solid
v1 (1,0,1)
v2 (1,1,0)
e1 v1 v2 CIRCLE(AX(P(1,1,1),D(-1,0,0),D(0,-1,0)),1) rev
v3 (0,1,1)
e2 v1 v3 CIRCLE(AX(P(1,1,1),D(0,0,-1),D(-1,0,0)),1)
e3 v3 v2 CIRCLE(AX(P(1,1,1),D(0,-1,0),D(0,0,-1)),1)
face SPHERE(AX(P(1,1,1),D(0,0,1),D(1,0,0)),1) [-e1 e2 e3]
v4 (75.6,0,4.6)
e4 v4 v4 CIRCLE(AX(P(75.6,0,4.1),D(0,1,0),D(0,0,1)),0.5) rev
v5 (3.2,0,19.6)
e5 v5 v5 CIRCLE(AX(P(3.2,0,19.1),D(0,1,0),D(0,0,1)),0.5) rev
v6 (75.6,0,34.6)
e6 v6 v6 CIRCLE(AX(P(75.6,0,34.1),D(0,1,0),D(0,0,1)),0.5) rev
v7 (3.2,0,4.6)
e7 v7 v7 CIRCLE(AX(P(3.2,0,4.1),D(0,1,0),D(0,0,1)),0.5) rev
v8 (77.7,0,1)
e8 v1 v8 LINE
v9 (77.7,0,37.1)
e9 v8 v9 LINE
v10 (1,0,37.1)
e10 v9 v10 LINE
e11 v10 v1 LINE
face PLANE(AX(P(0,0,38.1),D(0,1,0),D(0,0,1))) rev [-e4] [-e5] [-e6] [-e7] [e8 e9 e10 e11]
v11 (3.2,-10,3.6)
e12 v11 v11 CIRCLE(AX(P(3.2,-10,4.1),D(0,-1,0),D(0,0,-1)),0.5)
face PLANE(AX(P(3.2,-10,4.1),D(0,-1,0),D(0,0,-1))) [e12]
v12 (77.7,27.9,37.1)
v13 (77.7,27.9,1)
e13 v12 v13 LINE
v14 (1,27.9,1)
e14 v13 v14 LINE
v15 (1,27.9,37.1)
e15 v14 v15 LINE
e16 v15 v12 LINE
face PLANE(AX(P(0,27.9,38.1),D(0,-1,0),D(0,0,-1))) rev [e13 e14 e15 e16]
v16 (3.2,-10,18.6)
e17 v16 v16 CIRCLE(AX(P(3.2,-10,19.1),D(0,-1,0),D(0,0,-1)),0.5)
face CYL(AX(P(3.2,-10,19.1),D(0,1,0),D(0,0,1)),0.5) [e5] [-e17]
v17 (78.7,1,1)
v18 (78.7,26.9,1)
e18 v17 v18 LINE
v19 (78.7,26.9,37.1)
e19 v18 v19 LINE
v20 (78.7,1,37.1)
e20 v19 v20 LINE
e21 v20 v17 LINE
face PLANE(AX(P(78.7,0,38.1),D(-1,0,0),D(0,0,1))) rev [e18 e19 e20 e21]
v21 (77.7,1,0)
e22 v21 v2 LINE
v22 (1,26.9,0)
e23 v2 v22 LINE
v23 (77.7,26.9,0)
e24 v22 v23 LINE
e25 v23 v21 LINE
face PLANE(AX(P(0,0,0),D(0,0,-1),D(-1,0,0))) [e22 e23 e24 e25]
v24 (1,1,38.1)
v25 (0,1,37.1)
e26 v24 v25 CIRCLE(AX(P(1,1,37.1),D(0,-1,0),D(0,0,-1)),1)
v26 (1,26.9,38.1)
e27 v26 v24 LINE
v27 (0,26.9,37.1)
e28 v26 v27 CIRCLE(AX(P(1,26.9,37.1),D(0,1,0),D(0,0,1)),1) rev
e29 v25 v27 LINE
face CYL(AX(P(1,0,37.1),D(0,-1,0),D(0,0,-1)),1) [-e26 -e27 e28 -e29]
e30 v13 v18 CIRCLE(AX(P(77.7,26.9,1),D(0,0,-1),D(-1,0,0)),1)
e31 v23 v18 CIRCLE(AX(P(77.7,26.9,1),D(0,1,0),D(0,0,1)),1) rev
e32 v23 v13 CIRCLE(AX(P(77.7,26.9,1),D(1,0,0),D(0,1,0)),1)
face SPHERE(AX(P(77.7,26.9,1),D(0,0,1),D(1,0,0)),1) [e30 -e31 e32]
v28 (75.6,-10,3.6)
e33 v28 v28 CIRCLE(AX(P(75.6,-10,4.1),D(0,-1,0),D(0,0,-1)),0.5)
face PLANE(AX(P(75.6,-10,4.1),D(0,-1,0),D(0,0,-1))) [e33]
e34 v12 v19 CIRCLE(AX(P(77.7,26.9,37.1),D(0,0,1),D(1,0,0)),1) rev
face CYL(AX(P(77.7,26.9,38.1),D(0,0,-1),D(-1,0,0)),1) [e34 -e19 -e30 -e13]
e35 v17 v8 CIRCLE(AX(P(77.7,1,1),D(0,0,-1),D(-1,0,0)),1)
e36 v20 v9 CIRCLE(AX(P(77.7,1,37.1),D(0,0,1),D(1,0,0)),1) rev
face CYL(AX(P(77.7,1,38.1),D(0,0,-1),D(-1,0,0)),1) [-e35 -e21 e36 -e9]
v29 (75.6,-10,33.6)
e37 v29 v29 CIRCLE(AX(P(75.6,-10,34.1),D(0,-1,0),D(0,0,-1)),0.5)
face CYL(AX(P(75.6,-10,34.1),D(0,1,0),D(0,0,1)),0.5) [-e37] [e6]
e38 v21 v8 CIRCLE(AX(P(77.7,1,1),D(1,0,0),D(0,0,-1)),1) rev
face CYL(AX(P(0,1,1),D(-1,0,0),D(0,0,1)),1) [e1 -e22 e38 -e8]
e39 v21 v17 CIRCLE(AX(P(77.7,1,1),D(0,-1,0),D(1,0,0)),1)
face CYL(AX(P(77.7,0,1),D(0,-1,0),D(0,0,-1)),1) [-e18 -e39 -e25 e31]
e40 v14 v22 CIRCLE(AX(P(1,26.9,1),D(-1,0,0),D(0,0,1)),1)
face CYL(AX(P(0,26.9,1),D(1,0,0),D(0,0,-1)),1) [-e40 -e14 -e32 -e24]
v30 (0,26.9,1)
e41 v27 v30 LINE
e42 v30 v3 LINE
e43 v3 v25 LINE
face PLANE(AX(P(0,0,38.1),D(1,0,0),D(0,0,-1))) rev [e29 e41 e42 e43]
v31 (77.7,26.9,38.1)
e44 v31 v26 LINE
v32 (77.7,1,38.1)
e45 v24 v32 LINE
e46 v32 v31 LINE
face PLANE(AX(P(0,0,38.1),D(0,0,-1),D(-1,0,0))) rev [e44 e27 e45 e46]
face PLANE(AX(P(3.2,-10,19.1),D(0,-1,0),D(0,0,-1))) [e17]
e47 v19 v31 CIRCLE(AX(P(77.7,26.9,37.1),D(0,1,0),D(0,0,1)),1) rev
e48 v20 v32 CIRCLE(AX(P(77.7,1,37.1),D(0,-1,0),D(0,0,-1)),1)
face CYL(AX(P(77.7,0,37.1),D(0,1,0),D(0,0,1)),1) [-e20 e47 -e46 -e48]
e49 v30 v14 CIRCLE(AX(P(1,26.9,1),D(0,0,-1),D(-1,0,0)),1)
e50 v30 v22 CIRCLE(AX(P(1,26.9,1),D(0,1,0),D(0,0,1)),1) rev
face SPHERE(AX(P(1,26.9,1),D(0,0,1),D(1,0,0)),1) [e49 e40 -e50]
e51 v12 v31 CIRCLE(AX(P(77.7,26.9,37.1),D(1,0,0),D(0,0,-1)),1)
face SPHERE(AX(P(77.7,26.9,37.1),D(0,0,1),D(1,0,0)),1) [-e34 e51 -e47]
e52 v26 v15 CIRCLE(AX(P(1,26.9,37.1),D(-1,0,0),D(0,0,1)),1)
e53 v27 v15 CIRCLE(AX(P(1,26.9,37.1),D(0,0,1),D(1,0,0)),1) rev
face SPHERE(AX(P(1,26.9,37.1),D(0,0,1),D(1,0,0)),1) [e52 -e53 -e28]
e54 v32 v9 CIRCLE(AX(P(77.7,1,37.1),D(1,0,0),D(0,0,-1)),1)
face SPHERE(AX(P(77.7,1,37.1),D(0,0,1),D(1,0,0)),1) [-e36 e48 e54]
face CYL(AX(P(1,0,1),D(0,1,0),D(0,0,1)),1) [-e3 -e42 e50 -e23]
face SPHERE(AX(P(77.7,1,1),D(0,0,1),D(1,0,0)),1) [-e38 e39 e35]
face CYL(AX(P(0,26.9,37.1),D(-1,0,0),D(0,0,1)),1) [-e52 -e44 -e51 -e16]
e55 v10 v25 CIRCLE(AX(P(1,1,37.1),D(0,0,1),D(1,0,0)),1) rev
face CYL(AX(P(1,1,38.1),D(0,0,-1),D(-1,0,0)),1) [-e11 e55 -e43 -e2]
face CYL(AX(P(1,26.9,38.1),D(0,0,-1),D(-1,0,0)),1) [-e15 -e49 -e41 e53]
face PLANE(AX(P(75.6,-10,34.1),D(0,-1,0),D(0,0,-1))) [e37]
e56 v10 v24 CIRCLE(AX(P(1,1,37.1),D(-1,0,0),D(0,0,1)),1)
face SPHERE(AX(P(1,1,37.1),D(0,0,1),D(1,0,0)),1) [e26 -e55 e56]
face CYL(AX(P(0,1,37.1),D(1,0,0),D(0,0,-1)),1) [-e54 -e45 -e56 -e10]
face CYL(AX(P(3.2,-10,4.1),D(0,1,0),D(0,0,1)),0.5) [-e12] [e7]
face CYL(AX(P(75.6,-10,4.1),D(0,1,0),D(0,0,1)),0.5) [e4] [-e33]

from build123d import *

# Parameters (mm, degrees)
SKETCH1_W           = 78.7
SKETCH1_H           = 27.9
BOSS_EXTRUDE1_DEPTH = 38.1
SKETCH2_R           = 0.5
BOSS_EXTRUDE2_DEPTH = 10
FILLET1_R           = 1


with BuildPart() as part:
    # Sketch1 → Boss-Extrude1 (new body)
    with BuildSketch(Plane.XY):
        with Locations((39.35, 13.95)):
            Rectangle(SKETCH1_W, SKETCH1_H)
    extrude(amount=BOSS_EXTRUDE1_DEPTH)

    # Sketch2 → Boss-Extrude2 (add)
    with BuildSketch(Plane(origin=(0, 0, 0), x_dir=(-1, 0, 0), z_dir=(0, -1, 0))):
        with Locations(Location((-3.2, -4.1, 0), (0, 0, 270))):
            Circle(SKETCH2_R)
        with Locations(Location((-75.6, -4.1, 0), (0, 0, 270))):
            Circle(SKETCH2_R)
        with Locations(Location((-75.6, -34.1, 0), (0, 0, 270))):
            Circle(SKETCH2_R)
        with Locations(Location((-3.2, -19.1, 0), (0, 0, 270))):
            Circle(SKETCH2_R)
    extrude(amount=BOSS_EXTRUDE2_DEPTH)

    # Fillet1
    fillet1_edges = [part.edges().sort_by_distance(p)[0] for p in [
        (78.7, 13.95, 38.1),
        (39.35, 27.9, 38.1),
        (0, 13.95, 38.1),
        (39.35, 27.9, 0),
        (78.7, 13.95, 0),
        (39.35, 0, 0),
        (0, 13.95, 0),
        (39.35, 0, 38.1),
        (0, 27.9, 19.05),
        (78.7, 27.9, 19.05),
        (78.7, 0, 19.05),
        (0, 0, 19.05),
    ]]
    fillet(fillet1_edges, radius=FILLET1_R)


solid = part.part
